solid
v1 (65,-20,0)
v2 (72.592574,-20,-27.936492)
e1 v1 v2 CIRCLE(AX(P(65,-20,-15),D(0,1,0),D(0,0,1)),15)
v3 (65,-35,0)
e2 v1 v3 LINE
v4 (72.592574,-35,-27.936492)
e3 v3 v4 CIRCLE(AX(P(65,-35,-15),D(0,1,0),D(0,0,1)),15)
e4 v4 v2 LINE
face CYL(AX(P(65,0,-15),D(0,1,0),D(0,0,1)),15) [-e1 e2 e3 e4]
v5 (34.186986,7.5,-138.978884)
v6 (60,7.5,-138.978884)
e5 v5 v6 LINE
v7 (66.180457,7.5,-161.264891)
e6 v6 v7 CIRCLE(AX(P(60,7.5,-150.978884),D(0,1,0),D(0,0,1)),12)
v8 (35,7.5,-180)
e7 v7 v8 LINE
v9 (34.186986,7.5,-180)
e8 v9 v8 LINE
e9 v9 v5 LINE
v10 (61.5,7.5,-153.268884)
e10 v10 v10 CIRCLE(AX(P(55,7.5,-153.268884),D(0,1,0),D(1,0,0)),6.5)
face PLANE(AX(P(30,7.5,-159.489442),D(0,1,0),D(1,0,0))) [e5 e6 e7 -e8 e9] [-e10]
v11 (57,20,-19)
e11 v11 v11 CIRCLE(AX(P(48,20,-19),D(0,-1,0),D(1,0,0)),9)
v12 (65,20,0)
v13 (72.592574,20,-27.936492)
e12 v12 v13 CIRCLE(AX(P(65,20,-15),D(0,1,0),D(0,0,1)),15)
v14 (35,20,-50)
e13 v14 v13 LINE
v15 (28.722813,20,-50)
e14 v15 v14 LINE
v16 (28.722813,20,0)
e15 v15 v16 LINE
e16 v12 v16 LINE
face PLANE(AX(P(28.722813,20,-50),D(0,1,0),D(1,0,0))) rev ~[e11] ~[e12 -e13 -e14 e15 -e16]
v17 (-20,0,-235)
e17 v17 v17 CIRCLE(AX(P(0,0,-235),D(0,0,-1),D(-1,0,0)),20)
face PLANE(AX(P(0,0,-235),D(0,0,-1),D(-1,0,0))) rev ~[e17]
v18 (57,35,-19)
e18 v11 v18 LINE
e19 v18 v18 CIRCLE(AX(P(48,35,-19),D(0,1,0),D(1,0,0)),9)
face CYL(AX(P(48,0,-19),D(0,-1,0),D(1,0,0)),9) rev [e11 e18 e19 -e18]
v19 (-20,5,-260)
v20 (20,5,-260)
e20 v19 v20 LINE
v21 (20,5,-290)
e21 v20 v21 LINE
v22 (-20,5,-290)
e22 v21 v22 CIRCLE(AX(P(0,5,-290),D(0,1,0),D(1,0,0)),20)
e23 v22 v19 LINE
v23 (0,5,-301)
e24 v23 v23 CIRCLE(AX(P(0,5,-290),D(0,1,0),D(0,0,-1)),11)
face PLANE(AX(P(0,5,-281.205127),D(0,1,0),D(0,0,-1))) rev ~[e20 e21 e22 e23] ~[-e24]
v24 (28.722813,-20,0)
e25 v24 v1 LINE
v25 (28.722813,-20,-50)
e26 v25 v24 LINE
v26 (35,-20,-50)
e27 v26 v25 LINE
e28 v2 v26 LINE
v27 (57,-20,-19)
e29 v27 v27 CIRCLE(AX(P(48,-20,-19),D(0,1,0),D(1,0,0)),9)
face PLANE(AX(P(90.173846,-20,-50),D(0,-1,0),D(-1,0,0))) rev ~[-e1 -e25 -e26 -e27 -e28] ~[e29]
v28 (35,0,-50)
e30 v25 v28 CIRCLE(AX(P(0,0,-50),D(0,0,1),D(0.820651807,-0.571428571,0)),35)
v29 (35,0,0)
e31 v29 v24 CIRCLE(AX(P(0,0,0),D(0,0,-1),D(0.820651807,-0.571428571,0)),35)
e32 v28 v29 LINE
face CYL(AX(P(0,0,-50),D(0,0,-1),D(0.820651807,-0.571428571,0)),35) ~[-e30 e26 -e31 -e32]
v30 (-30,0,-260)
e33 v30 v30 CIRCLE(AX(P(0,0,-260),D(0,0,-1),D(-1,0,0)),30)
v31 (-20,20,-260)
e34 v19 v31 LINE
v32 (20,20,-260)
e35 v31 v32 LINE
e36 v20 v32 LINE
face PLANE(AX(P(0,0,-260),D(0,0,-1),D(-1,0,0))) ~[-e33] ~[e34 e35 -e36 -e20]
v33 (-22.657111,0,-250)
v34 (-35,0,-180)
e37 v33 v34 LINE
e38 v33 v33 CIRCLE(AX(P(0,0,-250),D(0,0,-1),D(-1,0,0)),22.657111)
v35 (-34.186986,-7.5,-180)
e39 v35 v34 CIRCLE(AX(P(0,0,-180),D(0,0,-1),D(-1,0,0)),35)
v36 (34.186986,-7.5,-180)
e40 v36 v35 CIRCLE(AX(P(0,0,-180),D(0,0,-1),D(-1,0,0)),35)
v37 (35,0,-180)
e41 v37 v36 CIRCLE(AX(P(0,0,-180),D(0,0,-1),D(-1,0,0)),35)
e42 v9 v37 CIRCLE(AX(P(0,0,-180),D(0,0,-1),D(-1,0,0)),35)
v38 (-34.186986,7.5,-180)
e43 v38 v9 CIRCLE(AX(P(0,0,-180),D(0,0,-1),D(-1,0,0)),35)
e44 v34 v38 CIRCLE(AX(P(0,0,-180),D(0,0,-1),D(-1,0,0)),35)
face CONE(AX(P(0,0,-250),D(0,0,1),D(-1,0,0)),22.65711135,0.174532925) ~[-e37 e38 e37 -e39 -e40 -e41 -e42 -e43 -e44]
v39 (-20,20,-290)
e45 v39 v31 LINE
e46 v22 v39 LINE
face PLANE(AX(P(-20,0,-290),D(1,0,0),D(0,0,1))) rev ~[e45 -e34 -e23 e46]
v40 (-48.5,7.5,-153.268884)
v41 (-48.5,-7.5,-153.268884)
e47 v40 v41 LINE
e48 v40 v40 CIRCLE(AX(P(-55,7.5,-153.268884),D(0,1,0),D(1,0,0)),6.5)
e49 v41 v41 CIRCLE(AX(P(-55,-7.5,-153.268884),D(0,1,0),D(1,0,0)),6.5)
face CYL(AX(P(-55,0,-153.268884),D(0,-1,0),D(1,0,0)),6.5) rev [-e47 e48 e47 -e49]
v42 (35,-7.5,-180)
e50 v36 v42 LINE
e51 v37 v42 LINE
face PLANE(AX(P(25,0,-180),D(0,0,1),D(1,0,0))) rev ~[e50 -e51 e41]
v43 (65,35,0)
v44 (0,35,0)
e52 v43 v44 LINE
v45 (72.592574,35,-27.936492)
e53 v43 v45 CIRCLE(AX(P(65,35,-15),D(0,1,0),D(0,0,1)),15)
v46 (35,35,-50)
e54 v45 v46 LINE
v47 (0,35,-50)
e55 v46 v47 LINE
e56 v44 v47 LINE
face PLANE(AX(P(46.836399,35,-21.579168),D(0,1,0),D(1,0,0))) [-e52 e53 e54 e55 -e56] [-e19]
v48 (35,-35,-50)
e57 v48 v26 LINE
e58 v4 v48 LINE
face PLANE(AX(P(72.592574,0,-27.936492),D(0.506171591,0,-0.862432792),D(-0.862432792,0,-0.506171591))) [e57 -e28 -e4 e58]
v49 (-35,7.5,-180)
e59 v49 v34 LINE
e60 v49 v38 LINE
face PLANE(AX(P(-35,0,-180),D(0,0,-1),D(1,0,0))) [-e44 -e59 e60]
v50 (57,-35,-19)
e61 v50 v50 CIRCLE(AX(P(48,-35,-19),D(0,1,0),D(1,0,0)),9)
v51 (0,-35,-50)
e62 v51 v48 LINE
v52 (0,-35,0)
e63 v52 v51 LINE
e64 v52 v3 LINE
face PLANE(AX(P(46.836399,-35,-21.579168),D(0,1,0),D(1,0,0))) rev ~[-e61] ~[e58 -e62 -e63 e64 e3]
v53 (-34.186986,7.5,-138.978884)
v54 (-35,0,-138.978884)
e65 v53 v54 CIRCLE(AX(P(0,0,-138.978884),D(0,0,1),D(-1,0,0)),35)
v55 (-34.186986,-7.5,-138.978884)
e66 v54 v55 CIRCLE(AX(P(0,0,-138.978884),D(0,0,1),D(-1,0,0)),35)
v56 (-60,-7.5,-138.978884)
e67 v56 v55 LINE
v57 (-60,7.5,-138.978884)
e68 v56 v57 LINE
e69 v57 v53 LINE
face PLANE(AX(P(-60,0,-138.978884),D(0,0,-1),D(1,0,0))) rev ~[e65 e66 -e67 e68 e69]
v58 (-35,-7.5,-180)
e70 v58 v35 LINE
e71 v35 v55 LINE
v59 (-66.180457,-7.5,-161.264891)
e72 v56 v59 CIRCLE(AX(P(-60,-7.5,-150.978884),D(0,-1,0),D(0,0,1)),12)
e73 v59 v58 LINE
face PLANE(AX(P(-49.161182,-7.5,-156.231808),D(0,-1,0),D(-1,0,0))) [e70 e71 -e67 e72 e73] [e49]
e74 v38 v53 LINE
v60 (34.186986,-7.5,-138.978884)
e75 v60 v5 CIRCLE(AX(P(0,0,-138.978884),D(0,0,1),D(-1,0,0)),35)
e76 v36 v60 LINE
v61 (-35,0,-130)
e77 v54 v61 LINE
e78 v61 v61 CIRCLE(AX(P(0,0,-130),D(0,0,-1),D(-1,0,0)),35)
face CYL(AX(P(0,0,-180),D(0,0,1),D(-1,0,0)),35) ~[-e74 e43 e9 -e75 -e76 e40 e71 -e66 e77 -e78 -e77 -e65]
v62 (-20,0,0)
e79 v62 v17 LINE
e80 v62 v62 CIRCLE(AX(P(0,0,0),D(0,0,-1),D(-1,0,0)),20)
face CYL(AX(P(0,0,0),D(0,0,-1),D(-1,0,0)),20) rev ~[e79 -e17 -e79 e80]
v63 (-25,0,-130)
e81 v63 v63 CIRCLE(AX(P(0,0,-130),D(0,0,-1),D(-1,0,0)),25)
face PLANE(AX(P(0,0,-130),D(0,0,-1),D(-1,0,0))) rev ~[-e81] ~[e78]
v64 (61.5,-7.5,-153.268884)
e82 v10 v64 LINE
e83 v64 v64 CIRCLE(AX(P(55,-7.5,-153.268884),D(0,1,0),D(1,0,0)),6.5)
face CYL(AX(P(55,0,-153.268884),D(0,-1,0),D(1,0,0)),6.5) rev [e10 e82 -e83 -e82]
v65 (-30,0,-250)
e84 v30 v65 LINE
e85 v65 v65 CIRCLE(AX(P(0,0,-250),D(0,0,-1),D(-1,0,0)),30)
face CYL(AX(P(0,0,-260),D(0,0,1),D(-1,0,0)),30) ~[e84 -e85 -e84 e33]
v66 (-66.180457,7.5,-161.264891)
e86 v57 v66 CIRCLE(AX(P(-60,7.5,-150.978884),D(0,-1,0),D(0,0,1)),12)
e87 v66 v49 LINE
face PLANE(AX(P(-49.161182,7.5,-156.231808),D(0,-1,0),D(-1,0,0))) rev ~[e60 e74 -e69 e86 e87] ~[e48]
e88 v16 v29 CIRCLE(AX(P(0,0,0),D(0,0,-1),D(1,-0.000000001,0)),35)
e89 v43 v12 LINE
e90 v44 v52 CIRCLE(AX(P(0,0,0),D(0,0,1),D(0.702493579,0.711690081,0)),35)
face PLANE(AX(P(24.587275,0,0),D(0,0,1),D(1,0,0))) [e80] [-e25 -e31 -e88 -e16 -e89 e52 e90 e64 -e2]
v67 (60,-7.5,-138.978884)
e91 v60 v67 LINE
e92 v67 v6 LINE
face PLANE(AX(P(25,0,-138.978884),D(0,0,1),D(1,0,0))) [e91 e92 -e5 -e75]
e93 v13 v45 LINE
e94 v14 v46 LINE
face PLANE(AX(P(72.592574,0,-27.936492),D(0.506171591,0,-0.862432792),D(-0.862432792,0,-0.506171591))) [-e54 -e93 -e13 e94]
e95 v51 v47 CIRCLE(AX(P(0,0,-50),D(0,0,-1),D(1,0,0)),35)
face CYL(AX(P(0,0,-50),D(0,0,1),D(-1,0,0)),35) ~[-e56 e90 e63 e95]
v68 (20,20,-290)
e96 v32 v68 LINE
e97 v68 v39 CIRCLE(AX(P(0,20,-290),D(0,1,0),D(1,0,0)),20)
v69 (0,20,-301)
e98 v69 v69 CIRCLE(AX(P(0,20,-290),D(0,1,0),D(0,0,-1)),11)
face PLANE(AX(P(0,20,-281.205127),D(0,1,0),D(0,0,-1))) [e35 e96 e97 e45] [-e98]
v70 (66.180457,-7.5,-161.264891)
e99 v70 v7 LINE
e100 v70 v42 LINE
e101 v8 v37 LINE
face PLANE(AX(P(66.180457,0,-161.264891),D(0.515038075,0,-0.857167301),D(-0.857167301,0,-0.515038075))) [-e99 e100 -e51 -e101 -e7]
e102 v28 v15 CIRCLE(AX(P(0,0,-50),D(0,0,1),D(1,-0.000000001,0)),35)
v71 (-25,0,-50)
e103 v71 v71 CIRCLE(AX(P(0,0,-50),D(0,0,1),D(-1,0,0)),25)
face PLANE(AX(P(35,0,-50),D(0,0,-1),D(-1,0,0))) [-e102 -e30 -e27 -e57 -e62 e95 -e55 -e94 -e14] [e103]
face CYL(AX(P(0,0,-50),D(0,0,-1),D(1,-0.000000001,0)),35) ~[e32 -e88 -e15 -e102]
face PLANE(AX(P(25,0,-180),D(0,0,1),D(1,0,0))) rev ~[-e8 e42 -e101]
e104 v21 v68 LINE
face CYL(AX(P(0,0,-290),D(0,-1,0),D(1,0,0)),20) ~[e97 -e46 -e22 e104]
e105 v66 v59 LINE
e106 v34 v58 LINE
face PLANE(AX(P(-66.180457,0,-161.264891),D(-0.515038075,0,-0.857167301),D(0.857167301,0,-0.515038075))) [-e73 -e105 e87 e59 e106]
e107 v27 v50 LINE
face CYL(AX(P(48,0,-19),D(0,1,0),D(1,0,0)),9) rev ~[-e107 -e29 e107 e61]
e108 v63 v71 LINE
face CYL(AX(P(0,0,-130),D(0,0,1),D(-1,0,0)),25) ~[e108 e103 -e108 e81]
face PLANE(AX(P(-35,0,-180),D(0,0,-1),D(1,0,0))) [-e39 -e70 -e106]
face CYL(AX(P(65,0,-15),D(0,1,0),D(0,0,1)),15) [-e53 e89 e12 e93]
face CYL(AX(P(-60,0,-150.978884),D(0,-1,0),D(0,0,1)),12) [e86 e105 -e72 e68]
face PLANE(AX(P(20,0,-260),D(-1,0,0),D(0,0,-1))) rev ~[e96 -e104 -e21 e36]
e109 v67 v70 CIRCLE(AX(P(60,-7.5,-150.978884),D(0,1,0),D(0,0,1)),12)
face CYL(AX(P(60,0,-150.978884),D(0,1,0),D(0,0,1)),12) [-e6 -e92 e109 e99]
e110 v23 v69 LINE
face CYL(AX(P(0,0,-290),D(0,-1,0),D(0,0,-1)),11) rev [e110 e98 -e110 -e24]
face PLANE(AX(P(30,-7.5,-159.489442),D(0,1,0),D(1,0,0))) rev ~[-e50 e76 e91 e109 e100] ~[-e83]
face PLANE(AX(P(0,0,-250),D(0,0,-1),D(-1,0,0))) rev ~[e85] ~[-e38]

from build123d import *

# Parameters (mm, degrees)
SKETCH2_R                = 6.5
SKETCH2_W                = 10
SKETCH2_H                = 41.021116242
BOSS_EXTRUDE1_DEPTH      = 7.5
SKETCH3_R                = 9
BOSS_EXTRUDE2_DEPTH      = 35
BOSS_EXTRUDE2_DEPTH_BACK = 35
BOSS_EXTRUDE3_START      = -10.090847
SKETCH4_W                = 24.58727528
SKETCH4_H                = 50
BOSS_EXTRUDE3_DEPTH      = 10.090847
CUT_EXTRUDE1_DEPTH       = 51
SKETCH6_R                = 11
BOSS_EXTRUDE4_DEPTH      = 20
SKETCH6_3_R              = 11
CUT_EXTRUDE2_DEPTH       = 5


with BuildPart() as part:
    # Sketch1 → Revolve1 (revolve)
    with BuildSketch(Plane(origin=(0, 0, 0), x_dir=(1, 0, 0), z_dir=(0, 1, 0))):
        Polygon((-35, 0), (-20, 0), (-20, 235), (0, 235), (0, 260), (-30, 260), (-30, 250), (-22.65711135, 250), (-35, 180), (-35, 130), (-25, 130), (-25, 50), (-35, 50), align=None)
    revolve(axis=Axis((0, 0, 0), (0, 0, -1)))

    # Sketch2 → Boss-Extrude1 (add, symmetric)
    with BuildSketch(Plane(origin=(0, 0, 0), x_dir=(1, 0, 0), z_dir=(0, 1, 0))):
        with BuildLine():
            ThreePointArc((-60, 138.978883758), (-71.563565439, 147.772023245), (-66.180456899, 161.264891366))
            Line((-66.180456899, 161.264891366), (-35, 180))
            Line((-35, 180), (-35, 138.978883758))
            Line((-35, 138.978883758), (-60, 138.978883758))
        make_face()
        with Locations((-55, 153.268883758)):
            Circle(SKETCH2_R, mode=Mode.SUBTRACT)
        with Locations((-30, 159.489441879)):
            Rectangle(SKETCH2_W, SKETCH2_H)
        with Locations((30, 159.489441879)):
            Rectangle(SKETCH2_W, SKETCH2_H)
        with BuildLine():
            Line((35, 138.978883758), (60, 138.978883758))
            ThreePointArc((60, 138.978883758), (71.563565439, 147.772023245), (66.180456899, 161.264891366))
            Line((66.180456899, 161.264891366), (35, 180))
            Line((35, 180), (35, 138.978883758))
        make_face()
        with Locations((55, 153.268883758)):
            Circle(SKETCH2_R, mode=Mode.SUBTRACT)
    extrude(amount=BOSS_EXTRUDE1_DEPTH, both=True)

    # Sketch3 → Boss-Extrude2 (add, two sides)
    with BuildSketch(Plane(origin=(0, 0, 0), x_dir=(1, 0, 0), z_dir=(0, 1, 0))) as boss_extrude2_sk:
        with BuildLine():
            Line((35, 0), (65, 0))
            ThreePointArc((65, 0), (79.474933129, 11.066005733), (72.592573861, 27.93649188))
            Line((72.592573861, 27.93649188), (35, 50))
            Line((35, 50), (24.58727528, 50))
            Line((24.58727528, 50), (24.58727528, 0))
            Line((24.58727528, 0), (35, 0))
        make_face()
        with Locations((48, 19)):
            Circle(SKETCH3_R, mode=Mode.SUBTRACT)
    extrude(amount=BOSS_EXTRUDE2_DEPTH)
    extrude(boss_extrude2_sk.sketch, amount=-BOSS_EXTRUDE2_DEPTH_BACK)

    # Sketch4 → Boss-Extrude3 (add)
    with BuildSketch(Plane(origin=(0, 35, 0), x_dir=(1, 0, 0), z_dir=(0, 1, 0)).offset(BOSS_EXTRUDE3_START)):
        with Locations((12.29363764, 25)):
            Rectangle(SKETCH4_W, SKETCH4_H)
    boss_extrude3 = extrude(amount=BOSS_EXTRUDE3_DEPTH)

    # Mirror1: Boss-Extrude3 across plane
    add(boss_extrude3.mirror(Plane.ZX))

    # Sketch5 → Cut-Extrude1 (cut, through all)
    with BuildSketch(Plane(origin=(0, 0, -50), x_dir=(-1, 0, 0), z_dir=(0, 0, -1))):
        Polygon((-90.173846019, 20), (-90.173846019, -20), (-35, -20), (-35, -3.8e-08), (-35, 20), align=None)
        with BuildLine():
            Line((-35, 20), (-35, -3.8e-08))
            ThreePointArc((-35, -3.8e-08), (-33.393850212, 10.480971713), (-28.722813233, 20))
            Line((-28.722813233, 20), (-35, 20))
        make_face()
        with BuildLine():
            Line((-35, -3.8e-08), (-35, -20))
            Line((-35, -20), (-28.722813233, -20))
            ThreePointArc((-28.722813233, -20), (-33.3938502, -10.480971749), (-35, -3.8e-08))
        make_face()
    extrude(amount=-CUT_EXTRUDE1_DEPTH, mode=Mode.SUBTRACT)

    # Sketch6 → Boss-Extrude4 (add)
    with BuildSketch(Plane(origin=(0, 0, 0), x_dir=(0, 0, -1), z_dir=(0, 1, 0))):
        with BuildLine():
            Line((260, 20), (260, -20))
            Line((260, -20), (290, -20))
            ThreePointArc((290, -20), (310, 0), (290, 20))
            Line((290, 20), (260, 20))
        make_face()
        with Locations((290, 0)):
            Circle(SKETCH6_R, mode=Mode.SUBTRACT)
    extrude(amount=BOSS_EXTRUDE4_DEPTH)

    # Sketch6<3> → Cut-Extrude2 (cut)
    with BuildSketch(Plane(origin=(0, 0, 0), x_dir=(0, 0, -1), z_dir=(0, 1, 0))):
        with BuildLine():
            Line((260, 20), (260, -20))
            Line((260, -20), (290, -20))
            ThreePointArc((290, -20), (310, 0), (290, 20))
            Line((290, 20), (260, 20))
        make_face()
        with Locations((290, 0)):
            Circle(SKETCH6_3_R, mode=Mode.SUBTRACT)
    extrude(amount=CUT_EXTRUDE2_DEPTH, mode=Mode.SUBTRACT)


solid = part.part
